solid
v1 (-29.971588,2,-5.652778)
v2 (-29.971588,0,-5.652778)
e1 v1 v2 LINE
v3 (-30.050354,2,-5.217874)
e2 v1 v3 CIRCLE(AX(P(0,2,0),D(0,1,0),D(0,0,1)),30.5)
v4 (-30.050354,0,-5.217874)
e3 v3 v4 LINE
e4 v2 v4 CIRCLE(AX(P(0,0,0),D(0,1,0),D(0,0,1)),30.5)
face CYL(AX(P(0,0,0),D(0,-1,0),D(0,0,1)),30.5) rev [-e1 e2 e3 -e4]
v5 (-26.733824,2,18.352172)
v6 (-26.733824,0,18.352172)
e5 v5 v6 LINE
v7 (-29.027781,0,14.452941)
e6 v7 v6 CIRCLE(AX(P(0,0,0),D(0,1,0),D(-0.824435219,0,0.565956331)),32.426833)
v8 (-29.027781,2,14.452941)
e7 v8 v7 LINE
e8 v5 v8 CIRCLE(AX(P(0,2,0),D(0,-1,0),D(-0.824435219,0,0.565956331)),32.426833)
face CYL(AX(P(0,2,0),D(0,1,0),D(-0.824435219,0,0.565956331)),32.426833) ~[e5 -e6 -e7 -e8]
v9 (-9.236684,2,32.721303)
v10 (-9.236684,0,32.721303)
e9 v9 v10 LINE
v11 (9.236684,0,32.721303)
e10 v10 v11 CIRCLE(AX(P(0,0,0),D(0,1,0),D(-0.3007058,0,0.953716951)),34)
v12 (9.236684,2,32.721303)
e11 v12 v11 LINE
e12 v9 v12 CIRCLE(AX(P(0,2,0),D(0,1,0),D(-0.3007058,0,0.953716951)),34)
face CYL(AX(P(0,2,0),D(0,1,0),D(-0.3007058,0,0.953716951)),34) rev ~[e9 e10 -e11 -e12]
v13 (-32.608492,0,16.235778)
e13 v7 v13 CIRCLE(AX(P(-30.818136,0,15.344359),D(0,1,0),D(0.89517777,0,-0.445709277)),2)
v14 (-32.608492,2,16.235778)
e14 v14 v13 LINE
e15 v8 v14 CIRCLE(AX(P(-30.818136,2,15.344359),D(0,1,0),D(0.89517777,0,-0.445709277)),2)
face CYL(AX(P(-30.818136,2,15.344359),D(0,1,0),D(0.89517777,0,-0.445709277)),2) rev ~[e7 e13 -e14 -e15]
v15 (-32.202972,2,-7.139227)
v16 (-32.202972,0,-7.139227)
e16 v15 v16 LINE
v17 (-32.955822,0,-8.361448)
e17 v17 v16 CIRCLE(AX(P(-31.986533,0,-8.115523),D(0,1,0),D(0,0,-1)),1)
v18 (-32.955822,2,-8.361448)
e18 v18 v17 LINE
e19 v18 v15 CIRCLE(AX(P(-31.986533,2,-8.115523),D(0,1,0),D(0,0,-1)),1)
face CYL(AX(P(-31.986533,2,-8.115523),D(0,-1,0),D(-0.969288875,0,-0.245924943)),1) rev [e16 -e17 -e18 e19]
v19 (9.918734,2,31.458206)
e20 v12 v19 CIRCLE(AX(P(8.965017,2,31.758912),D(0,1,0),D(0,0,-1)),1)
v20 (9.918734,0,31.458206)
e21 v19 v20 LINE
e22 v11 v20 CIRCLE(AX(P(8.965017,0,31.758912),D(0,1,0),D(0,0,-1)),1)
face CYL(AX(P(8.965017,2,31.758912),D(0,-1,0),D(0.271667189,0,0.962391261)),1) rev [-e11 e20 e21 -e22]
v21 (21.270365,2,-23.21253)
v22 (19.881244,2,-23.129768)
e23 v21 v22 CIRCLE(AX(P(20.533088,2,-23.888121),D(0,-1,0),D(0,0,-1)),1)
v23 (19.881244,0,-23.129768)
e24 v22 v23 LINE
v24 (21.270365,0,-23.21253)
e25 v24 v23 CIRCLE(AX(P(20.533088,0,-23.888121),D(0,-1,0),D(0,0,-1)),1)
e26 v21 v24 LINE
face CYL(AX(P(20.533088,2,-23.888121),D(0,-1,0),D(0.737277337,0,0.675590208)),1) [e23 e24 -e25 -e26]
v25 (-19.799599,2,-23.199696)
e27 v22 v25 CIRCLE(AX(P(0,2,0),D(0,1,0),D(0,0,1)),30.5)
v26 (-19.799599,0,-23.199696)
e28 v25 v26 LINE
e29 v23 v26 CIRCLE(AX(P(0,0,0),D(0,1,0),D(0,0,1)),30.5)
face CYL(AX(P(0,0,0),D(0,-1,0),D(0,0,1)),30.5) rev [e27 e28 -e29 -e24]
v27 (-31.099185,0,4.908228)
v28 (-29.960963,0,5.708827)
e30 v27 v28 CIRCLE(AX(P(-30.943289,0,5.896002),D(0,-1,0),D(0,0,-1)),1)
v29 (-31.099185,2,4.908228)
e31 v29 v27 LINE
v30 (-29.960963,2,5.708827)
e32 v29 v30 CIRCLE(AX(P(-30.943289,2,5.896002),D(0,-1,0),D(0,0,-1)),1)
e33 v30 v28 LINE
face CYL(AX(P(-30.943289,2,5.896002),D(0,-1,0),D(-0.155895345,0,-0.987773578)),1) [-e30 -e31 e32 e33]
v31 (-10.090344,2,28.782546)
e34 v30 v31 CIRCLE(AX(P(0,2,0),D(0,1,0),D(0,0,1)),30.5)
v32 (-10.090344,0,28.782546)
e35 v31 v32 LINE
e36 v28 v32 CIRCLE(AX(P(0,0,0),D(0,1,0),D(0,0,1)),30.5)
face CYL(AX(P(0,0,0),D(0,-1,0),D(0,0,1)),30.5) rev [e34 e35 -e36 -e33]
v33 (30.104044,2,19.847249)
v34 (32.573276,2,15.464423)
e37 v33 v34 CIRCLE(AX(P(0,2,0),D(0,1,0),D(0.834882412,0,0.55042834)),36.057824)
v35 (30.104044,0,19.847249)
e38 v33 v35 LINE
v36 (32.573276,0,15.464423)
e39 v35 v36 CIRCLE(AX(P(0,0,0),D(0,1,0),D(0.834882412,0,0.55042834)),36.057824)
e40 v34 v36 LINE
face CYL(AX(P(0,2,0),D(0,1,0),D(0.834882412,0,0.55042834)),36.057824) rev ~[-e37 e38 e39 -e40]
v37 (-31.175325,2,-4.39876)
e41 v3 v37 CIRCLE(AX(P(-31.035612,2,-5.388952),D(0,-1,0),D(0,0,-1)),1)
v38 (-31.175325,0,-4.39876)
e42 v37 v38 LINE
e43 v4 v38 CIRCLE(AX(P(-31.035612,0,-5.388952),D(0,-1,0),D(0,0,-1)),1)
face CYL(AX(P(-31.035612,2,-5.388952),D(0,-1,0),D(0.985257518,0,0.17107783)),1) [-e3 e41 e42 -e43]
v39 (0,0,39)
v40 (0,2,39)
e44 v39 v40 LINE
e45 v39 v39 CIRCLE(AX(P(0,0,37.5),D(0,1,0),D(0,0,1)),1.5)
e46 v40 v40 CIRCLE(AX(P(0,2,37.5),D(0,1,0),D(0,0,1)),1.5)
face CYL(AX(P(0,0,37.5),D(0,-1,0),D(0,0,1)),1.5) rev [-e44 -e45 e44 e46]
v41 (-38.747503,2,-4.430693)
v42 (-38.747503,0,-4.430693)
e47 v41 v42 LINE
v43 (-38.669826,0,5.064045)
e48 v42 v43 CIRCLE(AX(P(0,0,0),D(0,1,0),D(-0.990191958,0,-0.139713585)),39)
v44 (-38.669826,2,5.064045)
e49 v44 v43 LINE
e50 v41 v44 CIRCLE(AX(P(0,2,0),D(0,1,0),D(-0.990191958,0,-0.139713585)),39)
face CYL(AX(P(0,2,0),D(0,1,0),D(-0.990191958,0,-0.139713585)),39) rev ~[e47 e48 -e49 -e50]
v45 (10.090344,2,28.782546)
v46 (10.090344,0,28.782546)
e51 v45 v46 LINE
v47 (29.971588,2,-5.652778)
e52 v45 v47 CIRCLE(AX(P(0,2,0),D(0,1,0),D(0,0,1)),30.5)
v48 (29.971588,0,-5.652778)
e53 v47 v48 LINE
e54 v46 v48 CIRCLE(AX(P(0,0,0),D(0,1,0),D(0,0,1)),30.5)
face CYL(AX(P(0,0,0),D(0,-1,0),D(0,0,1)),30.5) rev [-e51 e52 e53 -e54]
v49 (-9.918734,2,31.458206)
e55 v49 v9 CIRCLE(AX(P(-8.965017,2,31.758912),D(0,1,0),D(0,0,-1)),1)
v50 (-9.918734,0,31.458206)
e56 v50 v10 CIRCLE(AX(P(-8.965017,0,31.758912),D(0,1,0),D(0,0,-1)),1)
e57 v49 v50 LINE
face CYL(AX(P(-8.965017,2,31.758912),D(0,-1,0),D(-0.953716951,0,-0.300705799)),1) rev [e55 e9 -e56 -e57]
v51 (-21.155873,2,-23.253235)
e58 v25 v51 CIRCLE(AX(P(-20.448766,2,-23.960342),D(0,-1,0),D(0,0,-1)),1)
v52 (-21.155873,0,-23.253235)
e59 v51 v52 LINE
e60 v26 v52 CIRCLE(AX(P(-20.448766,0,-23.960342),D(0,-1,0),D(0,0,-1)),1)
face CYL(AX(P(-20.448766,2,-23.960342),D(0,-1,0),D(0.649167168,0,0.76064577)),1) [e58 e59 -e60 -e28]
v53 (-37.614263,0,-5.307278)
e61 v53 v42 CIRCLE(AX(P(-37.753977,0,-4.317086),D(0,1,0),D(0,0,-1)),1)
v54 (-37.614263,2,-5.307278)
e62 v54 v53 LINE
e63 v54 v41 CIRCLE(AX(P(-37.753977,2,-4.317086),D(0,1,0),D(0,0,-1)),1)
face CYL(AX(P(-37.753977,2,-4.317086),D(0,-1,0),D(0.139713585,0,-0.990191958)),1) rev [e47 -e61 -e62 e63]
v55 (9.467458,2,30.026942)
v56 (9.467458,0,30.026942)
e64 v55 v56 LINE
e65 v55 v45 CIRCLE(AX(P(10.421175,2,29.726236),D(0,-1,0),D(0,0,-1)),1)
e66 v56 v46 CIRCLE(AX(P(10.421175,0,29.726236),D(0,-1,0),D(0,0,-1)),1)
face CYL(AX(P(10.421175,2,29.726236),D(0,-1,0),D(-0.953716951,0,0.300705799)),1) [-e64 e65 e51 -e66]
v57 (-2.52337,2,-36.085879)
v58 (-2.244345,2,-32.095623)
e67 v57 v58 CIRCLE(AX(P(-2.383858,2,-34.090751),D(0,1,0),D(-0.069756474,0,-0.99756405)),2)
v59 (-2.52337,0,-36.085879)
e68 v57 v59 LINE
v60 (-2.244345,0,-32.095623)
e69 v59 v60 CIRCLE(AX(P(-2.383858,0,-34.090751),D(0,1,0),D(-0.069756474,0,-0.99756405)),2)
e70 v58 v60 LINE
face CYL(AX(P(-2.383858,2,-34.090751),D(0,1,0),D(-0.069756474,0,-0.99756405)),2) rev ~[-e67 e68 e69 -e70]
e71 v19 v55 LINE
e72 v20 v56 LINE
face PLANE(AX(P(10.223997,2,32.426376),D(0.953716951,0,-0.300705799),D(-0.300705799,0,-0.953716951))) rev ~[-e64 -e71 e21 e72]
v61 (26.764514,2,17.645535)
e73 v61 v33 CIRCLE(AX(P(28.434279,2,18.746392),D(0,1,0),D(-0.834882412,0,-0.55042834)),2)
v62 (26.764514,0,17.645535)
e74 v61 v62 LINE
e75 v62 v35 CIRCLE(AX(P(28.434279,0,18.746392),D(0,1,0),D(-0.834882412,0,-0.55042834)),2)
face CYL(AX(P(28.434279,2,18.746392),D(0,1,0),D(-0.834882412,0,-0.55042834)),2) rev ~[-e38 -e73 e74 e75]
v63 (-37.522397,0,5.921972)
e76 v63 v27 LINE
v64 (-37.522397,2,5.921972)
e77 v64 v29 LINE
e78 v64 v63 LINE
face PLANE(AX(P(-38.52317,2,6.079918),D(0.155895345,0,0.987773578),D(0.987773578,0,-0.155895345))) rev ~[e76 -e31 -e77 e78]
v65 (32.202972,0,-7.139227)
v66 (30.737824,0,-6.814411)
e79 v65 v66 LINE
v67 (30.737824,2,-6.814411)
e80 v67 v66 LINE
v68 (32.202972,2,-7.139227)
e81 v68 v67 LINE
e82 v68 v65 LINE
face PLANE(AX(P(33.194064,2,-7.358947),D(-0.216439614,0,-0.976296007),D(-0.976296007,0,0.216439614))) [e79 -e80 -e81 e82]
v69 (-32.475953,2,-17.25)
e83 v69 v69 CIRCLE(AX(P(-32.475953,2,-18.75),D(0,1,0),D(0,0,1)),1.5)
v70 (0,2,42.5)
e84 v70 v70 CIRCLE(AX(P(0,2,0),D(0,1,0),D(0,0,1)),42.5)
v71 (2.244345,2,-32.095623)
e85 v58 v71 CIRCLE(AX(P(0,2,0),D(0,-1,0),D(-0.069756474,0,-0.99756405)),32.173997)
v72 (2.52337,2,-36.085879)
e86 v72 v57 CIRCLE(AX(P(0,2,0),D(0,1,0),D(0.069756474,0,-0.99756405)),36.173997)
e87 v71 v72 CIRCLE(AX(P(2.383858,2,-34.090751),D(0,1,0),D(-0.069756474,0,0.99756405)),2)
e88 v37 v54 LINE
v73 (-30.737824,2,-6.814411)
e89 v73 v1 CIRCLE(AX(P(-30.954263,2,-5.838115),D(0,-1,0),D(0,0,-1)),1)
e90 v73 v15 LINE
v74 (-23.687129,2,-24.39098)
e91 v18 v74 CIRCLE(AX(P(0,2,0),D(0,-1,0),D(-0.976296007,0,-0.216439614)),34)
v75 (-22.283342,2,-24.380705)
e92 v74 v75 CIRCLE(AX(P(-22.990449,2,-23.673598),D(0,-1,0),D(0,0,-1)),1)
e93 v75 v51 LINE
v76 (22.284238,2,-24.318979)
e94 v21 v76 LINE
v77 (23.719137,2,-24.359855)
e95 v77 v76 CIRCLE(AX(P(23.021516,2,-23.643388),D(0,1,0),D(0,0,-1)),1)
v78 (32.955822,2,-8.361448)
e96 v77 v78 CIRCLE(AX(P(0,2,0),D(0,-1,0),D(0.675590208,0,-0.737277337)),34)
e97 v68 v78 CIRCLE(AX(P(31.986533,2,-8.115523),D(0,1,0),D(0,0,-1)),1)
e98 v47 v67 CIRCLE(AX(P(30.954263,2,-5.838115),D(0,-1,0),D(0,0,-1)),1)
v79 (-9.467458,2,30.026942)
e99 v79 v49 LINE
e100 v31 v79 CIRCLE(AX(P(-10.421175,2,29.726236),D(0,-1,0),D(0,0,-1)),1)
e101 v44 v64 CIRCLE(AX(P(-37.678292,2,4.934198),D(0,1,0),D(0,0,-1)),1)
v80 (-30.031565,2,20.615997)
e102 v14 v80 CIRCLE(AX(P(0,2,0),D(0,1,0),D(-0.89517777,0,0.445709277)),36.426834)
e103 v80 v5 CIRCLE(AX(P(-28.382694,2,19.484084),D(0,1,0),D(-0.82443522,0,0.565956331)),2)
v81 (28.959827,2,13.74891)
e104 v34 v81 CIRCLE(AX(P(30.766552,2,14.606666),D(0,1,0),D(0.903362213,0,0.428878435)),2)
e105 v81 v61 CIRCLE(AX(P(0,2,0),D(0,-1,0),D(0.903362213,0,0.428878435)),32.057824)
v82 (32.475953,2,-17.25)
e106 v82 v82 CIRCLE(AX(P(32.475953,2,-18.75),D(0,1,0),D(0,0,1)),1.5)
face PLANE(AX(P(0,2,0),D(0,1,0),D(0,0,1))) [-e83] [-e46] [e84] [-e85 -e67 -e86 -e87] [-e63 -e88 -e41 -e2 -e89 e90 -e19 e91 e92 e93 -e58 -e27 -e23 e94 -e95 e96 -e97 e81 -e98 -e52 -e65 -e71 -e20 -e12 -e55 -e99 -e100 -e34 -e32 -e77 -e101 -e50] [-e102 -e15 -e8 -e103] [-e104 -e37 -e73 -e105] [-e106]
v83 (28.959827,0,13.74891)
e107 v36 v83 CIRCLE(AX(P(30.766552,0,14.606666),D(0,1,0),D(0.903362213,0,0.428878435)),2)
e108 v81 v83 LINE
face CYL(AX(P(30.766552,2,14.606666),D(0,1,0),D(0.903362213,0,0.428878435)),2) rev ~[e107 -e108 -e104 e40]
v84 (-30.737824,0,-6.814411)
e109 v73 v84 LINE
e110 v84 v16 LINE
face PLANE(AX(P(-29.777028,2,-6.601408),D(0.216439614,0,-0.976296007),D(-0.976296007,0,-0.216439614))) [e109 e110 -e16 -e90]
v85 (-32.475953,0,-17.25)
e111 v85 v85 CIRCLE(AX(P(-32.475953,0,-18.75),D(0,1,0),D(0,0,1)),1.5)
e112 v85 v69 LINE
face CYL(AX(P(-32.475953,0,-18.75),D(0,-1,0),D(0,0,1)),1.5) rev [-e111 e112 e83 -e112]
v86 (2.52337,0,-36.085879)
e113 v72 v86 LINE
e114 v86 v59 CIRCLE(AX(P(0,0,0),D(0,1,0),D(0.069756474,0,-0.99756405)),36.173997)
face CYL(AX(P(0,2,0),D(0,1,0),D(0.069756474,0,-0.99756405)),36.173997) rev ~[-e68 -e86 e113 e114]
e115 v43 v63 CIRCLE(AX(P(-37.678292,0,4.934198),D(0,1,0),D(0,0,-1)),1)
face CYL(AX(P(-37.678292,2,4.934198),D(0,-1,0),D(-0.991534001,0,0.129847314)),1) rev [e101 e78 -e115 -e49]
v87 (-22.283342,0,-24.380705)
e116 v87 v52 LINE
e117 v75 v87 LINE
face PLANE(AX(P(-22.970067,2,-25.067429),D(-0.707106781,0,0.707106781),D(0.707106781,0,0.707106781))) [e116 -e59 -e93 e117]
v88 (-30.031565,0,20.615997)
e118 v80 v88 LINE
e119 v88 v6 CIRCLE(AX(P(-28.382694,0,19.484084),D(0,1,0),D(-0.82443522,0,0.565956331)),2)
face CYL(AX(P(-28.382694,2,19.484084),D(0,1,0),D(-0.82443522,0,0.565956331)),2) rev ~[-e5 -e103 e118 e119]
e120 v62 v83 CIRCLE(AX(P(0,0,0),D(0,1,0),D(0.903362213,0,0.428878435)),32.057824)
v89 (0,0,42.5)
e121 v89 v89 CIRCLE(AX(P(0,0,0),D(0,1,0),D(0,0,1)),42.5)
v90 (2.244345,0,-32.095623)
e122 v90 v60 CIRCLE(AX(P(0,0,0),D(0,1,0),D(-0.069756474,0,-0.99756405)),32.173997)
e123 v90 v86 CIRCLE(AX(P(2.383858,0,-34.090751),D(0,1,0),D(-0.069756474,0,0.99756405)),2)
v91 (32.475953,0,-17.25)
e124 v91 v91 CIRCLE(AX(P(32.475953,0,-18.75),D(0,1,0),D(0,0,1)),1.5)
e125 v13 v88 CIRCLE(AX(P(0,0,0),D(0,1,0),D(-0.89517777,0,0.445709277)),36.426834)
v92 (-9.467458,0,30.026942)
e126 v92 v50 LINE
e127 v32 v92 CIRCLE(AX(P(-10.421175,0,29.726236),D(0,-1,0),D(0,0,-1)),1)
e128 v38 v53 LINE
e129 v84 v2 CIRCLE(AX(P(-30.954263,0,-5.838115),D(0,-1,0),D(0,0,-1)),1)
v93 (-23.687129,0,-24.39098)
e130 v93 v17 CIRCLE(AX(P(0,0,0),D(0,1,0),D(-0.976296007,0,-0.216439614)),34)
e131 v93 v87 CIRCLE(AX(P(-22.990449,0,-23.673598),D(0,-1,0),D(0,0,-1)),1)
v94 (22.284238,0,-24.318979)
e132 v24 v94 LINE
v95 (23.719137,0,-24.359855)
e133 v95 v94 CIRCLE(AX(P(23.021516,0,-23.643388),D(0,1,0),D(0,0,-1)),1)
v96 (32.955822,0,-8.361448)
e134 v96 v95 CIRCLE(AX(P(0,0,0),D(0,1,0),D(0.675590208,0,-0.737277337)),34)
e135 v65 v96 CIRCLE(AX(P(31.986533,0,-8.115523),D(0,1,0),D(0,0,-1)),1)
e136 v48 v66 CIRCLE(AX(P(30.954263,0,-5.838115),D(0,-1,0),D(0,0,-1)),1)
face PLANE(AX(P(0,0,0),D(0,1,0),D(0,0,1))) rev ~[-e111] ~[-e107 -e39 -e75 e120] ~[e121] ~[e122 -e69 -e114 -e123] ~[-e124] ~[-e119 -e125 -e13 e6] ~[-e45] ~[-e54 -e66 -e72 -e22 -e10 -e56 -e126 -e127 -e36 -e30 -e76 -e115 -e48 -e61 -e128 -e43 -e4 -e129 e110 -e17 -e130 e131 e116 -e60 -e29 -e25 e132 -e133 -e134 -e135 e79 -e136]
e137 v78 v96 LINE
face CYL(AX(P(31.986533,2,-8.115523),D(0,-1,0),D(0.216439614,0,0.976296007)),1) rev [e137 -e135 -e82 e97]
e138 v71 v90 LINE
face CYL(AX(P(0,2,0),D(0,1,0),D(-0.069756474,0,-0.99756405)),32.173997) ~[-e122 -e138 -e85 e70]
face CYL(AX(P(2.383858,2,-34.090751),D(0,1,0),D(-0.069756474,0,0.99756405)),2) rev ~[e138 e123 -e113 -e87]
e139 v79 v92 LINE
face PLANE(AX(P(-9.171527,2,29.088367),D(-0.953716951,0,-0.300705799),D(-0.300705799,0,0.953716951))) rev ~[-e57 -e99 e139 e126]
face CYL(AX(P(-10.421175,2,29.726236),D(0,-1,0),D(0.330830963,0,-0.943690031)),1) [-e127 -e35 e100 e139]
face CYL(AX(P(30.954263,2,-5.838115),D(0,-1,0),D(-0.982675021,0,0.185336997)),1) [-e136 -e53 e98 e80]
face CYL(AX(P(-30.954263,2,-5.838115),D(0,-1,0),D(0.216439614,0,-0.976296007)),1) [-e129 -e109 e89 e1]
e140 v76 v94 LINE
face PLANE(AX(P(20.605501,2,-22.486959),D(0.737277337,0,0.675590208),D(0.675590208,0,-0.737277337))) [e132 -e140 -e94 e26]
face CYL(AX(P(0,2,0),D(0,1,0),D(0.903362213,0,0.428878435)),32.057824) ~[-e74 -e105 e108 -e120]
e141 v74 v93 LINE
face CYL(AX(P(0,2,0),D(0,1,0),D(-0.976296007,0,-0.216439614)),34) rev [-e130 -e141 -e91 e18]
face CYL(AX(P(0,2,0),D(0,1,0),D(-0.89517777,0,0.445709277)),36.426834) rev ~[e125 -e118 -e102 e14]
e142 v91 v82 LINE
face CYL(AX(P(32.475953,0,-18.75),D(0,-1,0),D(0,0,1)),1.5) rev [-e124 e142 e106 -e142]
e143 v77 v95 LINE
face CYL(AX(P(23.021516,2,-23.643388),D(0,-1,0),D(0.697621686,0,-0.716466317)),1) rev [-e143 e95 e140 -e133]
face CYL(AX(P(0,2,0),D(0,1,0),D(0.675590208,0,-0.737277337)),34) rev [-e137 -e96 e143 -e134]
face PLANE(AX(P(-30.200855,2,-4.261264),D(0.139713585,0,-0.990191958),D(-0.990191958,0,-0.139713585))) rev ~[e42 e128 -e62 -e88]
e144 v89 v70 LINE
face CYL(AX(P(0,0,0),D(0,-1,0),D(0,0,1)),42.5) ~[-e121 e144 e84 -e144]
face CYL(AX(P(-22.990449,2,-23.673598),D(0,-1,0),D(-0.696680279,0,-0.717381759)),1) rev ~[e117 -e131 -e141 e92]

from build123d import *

# Parameters (mm, degrees)
SKETCH1_R           = 42.5
SKETCH1_R_2         = 30.5
SKETCH1_R_3         = 1.5
BOSS_EXTRUDE1_DEPTH = 2
SKETCH2_R           = 1.5
CUT_EXTRUDE1_DEPTH  = 61.137342808
CUT_EXTRUDE2_DEPTH  = 61.137342808
CUT_EXTRUDE3_DEPTH  = 61.137342808
FILLET1_R           = 1


with BuildPart() as part:
    # Sketch1 → Boss-Extrude1 (new body)
    with BuildSketch(Plane(origin=(0, 0, 0), x_dir=(1, 0, 0), z_dir=(0, 1, 0))):
        with Locations(Location((0, 0, 0), (0, 0, 270))):
            Circle(SKETCH1_R)
        with Locations(Location((0, 0, 0), (0, 0, 270))):
            Circle(SKETCH1_R_2, mode=Mode.SUBTRACT)
        with Locations(Location((0, 34.1739971, 0), (0, 0, 270))):
            Circle(SKETCH1_R_3, mode=Mode.SUBTRACT)
        with Locations(Location((-29.672696408, -17.456745562, 0), (0, 0, 270))):
            Circle(SKETCH1_R_3, mode=Mode.SUBTRACT)
        with Locations(Location((29.672696408, -16.717251537, 0), (0, 0, 270))):
            Circle(SKETCH1_R_3, mode=Mode.SUBTRACT)
        with Locations(Location((-32.475952642, 18.75, 0), (0, 0, 270))):
            Circle(SKETCH1_R_3, mode=Mode.SUBTRACT)
        with Locations(Location((0, -37.5, 0), (0, 0, 270))):
            Circle(SKETCH1_R_3, mode=Mode.SUBTRACT)
        with Locations(Location((32.475952642, 18.75, 0), (0, 0, 270))):
            Circle(SKETCH1_R_3, mode=Mode.SUBTRACT)
    extrude(amount=BOSS_EXTRUDE1_DEPTH)

    # Sketch2 → Cut-Extrude1 (cut, through all)
    # profile 1 of 3: a face of its own
    with BuildSketch(Plane(origin=(0, 2, 0), x_dir=(1, 0, 0), z_dir=(0, 1, 0))):
        with BuildLine():
            ThreePointArc((2.523370479, 36.085879061), (0, 36.1739971), (-2.523370479, 36.085879061))
            ThreePointArc((-2.523370479, 36.085879061), (-4.378985632, 33.951238013), (-2.244344584, 32.09562286))
            ThreePointArc((-2.244344584, 32.09562286), (0, 32.1739971), (2.244344584, 32.09562286))
            ThreePointArc((2.244344584, 32.09562286), (4.378985632, 33.951238013), (2.523370479, 36.085879061))
        make_face()
        with Locations((0, 34.1739971)):
            Circle(SKETCH2_R, mode=Mode.SUBTRACT)
    # profile 2 of 3: a face of its own
    with BuildSketch(Plane(origin=(0, 2, 0), x_dir=(1, 0, 0), z_dir=(0, 1, 0))):
        with BuildLine():
            ThreePointArc((-32.608491766, -16.235777693), (-31.396508518, -18.470881554), (-30.031564637, -20.615997137))
            ThreePointArc((-30.031564637, -20.615997137), (-27.250781536, -21.132954915), (-26.733823758, -18.352171814))
            ThreePointArc((-26.733823758, -18.352171814), (-27.948884299, -16.442609571), (-29.027780684, -14.452940586))
            ThreePointArc((-29.027780684, -14.452940586), (-31.709554778, -13.554003599), (-32.608491766, -16.235777693))
        make_face()
        with Locations((-29.672696408, -17.456745562)):
            Circle(SKETCH2_R, mode=Mode.SUBTRACT)
    # profile 3 of 3: a face of its own
    with BuildSketch(Plane(origin=(0, 2, 0), x_dir=(1, 0, 0), z_dir=(0, 1, 0))):
        with BuildLine():
            ThreePointArc((30.104043518, -19.847248501), (31.41518565, -17.69894968), (32.573276155, -15.464423355))
            ThreePointArc((32.573276155, -15.464423355), (31.6243086, -12.799942059), (28.959827303, -13.748909615))
            ThreePointArc((28.959827303, -13.748909615), (27.930207167, -15.735553395), (26.764513869, -17.64553514))
            ThreePointArc((26.764513869, -17.64553514), (27.333422013, -20.416156645), (30.104043518, -19.847248501))
        make_face()
        with Locations((29.672696408, -16.717251537)):
            Circle(SKETCH2_R, mode=Mode.SUBTRACT)
    extrude(amount=-CUT_EXTRUDE1_DEPTH, mode=Mode.SUBTRACT)

    # Sketch3 → Cut-Extrude2 (cut, through all)
    with BuildSketch(Plane(origin=(0, 2, 0), x_dir=(1, 0, 0), z_dir=(0, 1, 0))):
        with BuildLine():
            Line((-29.777028217, 6.601408225), (-33.194064242, 7.358946874))
            ThreePointArc((-33.194064242, 7.358946874), (-29.444863729, 17), (-22.970067059, 25.067429452))
            Line((-22.970067059, 25.067429452), (-20.492564537, 22.58992693))
            ThreePointArc((-20.492564537, 22.58992693), (-26.37548429, 15.316129684), (-29.777028217, 6.601408225))
        make_face()
        with BuildLine():
            Line((20.605501332, 22.486958773), (22.970067059, 25.067429452))
            ThreePointArc((22.970067059, 25.067429452), (29.444863729, 17), (33.194064242, 7.358946874))
            Line((33.194064242, 7.358946874), (29.777028217, 6.601408225))
            ThreePointArc((29.777028217, 6.601408225), (26.413774815, 15.25), (20.605501332, 22.486958773))
        make_face()
        with BuildLine():
            Line((-9.171526885, -29.088366998), (-10.223997183, -32.426376325))
            ThreePointArc((-10.223997183, -32.426376325), (0, -34), (10.223997183, -32.426376325))
            Line((10.223997183, -32.426376325), (9.171526885, -29.088366998))
            ThreePointArc((9.171526885, -29.088366998), (0, -30.5), (-9.171526885, -29.088366998))
        make_face()
    extrude(amount=-CUT_EXTRUDE2_DEPTH, mode=Mode.SUBTRACT)

    # Sketch4 → Cut-Extrude3 (cut, through all)
    with BuildSketch(Plane(origin=(0, 2, 0), x_dir=(1, 0, 0), z_dir=(0, 1, 0))):
        with BuildLine():
            Line((-30.200854727, 4.261264341), (-38.617486372, 5.448829814))
            ThreePointArc((-38.617486372, 5.448829814), (-38.998694951, -0.319048797), (-38.523169542, -6.079918457))
            Line((-38.523169542, -6.079918457), (-30.127094129, -4.754808024))
            ThreePointArc((-30.127094129, -4.754808024), (-30.498979385, -0.249512521), (-30.200854727, 4.261264341))
        make_face()
    extrude(amount=-CUT_EXTRUDE3_DEPTH, mode=Mode.SUBTRACT)

    # Fillet1
    fillet1_edges = [part.edges().sort_by_distance(p)[0] for p in [
        (-20.492564537, 1, -22.58992693),
        (-29.777028217, 1, -6.601408225),
        (-33.194064242, 1, -7.358946874),
        (-22.970067059, 1, -25.067429452),
        (-9.171526885, 1, 29.088366998),
        (9.171526885, 1, 29.088366998),
        (10.223997183, 1, 32.426376325),
        (-10.223997183, 1, 32.426376325),
        (22.970067059, 1, -25.067429452),
        (33.194064242, 1, -7.358946874),
        (29.777028217, 1, -6.601408225),
        (20.605501332, 1, -22.486958773),
        (-30.200854727, 1, -4.261264341),
        (-30.127094129, 1, 4.754808024),
        (-38.523169542, 1, 6.079918457),
        (-38.617486372, 1, -5.448829814),
    ]]
    fillet(fillet1_edges, radius=FILLET1_R)


solid = part.part
